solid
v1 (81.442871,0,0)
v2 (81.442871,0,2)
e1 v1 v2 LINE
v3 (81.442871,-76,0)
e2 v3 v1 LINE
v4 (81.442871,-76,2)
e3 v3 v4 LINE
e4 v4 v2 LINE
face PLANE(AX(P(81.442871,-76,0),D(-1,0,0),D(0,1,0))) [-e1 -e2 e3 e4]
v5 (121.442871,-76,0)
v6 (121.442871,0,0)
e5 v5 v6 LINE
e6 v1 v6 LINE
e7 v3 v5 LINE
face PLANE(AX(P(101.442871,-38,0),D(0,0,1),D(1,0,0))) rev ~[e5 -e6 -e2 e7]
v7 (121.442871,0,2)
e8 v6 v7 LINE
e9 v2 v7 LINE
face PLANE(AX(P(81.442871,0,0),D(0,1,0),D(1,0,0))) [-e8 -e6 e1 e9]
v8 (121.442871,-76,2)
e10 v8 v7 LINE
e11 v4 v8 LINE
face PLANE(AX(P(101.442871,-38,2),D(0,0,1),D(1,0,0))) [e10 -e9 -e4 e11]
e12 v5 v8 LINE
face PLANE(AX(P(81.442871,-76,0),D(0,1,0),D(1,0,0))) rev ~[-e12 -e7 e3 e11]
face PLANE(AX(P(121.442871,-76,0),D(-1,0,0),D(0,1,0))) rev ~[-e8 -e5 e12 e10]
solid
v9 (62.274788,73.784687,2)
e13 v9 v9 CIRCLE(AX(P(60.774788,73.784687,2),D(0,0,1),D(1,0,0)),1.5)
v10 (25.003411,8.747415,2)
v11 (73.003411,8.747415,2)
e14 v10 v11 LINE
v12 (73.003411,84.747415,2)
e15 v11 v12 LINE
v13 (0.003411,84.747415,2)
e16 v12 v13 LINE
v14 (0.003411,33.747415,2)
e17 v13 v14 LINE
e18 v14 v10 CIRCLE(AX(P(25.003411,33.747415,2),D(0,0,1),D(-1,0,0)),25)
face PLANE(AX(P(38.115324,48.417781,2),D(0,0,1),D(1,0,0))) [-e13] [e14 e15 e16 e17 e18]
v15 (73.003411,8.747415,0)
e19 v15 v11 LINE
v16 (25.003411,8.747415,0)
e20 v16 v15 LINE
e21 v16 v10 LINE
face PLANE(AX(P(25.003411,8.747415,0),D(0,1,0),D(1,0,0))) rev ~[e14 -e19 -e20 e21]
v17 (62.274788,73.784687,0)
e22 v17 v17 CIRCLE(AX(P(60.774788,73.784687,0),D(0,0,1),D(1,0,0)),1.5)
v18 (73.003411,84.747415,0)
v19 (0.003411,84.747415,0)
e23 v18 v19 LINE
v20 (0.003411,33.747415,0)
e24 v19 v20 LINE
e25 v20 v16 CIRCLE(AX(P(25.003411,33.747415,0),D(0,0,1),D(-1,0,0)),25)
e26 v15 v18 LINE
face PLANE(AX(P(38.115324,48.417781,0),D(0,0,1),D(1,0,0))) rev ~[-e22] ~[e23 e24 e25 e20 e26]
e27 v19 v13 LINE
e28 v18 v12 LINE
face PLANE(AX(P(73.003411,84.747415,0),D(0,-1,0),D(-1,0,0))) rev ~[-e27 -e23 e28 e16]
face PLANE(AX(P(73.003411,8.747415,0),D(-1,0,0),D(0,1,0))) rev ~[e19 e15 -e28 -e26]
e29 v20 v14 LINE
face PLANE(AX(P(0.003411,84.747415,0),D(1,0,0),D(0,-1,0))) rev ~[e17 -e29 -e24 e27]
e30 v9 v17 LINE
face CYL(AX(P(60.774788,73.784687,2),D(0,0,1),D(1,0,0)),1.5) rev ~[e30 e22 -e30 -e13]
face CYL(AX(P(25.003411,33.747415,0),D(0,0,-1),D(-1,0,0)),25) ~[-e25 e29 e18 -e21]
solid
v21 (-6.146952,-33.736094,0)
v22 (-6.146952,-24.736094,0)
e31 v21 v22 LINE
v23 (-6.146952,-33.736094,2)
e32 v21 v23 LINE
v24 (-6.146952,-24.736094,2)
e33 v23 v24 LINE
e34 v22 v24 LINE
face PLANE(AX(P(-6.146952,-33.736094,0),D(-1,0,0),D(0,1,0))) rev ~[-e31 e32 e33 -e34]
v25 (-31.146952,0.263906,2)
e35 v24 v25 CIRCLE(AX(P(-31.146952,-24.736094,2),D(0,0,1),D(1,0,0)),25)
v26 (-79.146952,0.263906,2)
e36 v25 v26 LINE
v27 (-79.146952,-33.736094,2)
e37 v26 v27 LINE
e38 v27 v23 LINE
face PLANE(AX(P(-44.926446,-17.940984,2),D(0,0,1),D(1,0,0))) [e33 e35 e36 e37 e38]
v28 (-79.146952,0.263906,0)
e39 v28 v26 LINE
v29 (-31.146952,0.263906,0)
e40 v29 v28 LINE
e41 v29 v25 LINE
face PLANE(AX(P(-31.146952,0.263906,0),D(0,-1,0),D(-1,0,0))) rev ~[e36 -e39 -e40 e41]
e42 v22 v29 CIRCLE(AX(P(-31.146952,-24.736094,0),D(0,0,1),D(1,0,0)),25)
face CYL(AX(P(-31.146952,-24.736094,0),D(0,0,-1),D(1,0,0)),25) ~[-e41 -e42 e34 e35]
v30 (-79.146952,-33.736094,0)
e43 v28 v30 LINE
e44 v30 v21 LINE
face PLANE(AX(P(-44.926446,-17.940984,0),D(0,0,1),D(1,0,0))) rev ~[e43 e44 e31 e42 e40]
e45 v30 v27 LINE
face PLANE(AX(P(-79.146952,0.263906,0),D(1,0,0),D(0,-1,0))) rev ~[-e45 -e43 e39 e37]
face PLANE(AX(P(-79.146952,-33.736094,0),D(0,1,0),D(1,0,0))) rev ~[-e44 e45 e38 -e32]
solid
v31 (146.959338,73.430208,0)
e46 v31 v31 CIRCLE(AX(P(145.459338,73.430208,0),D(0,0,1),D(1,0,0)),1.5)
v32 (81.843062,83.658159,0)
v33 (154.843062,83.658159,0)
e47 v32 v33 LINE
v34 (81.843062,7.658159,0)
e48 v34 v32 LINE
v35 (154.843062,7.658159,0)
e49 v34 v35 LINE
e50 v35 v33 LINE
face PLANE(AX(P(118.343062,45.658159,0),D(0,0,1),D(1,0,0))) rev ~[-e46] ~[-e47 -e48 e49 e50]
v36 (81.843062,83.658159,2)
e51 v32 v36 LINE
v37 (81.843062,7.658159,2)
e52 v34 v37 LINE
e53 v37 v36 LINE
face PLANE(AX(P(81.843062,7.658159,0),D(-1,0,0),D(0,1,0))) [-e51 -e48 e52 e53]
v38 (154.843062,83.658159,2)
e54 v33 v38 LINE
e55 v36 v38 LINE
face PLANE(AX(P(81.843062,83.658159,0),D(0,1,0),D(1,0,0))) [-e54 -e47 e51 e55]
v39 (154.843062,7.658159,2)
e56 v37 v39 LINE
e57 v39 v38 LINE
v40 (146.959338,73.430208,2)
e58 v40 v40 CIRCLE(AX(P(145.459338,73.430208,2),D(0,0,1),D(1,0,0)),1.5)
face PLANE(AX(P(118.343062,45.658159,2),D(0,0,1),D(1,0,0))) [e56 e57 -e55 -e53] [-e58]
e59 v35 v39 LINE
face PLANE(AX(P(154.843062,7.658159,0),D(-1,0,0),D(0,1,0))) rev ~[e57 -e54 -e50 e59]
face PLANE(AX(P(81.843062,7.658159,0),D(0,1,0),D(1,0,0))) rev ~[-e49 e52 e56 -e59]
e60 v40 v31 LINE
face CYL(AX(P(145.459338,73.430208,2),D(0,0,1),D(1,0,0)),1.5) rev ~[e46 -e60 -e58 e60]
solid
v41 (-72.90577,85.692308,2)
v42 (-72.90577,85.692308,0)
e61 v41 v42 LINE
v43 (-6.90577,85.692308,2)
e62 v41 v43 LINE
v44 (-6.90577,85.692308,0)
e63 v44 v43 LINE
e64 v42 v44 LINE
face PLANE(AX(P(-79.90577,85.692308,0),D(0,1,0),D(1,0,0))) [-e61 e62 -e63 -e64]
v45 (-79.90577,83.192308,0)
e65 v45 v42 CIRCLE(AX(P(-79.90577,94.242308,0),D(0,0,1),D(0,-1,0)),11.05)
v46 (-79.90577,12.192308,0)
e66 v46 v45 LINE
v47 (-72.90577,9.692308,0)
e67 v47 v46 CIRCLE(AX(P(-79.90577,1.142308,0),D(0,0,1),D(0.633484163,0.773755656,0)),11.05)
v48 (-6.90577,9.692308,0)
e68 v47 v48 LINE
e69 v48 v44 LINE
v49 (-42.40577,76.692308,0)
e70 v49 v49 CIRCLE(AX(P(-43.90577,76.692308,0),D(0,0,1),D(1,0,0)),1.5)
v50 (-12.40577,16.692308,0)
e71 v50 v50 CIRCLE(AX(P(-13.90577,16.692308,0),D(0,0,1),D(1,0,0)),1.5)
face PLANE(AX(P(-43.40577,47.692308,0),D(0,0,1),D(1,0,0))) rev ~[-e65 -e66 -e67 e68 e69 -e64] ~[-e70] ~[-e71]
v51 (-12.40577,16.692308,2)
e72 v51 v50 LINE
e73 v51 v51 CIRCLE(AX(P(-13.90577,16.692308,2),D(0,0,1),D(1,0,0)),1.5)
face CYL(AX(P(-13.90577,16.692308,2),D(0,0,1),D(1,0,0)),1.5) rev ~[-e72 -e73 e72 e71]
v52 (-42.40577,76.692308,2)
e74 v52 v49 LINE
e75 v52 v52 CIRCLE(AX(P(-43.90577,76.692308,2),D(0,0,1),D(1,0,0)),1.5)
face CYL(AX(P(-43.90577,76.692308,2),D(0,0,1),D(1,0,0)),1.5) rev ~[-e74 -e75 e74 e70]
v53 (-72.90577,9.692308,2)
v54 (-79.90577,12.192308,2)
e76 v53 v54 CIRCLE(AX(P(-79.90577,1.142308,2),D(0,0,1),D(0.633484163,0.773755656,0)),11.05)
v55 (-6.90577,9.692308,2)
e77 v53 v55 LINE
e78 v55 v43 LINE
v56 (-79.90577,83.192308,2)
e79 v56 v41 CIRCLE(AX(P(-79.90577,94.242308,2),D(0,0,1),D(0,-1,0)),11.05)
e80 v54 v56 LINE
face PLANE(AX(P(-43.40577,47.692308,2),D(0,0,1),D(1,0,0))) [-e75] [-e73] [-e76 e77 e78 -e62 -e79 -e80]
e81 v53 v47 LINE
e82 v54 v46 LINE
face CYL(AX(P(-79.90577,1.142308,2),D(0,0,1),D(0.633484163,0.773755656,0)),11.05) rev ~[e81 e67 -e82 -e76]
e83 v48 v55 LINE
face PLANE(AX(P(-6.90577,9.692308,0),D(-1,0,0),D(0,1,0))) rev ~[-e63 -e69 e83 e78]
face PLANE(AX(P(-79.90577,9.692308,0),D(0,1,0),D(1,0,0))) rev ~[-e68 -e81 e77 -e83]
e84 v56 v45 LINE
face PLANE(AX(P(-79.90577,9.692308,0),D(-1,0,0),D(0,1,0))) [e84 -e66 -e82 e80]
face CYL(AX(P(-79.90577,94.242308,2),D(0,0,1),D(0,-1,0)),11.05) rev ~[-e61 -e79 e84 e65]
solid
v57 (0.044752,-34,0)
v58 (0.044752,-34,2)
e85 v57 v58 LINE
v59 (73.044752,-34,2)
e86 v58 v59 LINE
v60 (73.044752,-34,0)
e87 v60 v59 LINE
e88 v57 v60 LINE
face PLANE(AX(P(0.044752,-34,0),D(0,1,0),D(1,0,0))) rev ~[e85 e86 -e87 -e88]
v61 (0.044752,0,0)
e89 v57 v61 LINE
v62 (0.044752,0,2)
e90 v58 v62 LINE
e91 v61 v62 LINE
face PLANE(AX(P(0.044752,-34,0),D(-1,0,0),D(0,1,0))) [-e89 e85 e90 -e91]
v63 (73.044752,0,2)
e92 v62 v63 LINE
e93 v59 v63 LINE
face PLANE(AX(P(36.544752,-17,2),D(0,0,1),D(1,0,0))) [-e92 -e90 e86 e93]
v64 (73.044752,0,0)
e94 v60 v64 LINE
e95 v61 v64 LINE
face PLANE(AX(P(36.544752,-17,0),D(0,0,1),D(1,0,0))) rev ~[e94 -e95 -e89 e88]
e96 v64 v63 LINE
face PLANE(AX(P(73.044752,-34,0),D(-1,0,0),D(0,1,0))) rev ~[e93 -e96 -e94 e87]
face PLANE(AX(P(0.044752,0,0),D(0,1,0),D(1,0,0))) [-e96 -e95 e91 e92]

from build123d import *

# Parameters (mm, degrees)
F0_W      = 73
F0_H      = 76
F1_DEPTH  = 2
F3_DEPTH  = 2
F5_DEPTH  = 2
F6_W      = 73
F6_H      = 34
F7_DEPTH  = 2
F8_W      = 73
F8_H      = 76
F9_DEPTH  = 2
F10_W     = 40
F10_H     = 76
F11_DEPTH = 2
F13_R     = 1.5
F14_DEPTH = 3
F16_DEPTH = 25


with BuildPart() as f1:
    # F0 (on Top) → F1 (new body)
    with BuildSketch(Plane.XY):
        with Locations((-43.4057699293, 47.692308493)):
            Rectangle(F0_W, F0_H)
    extrude(amount=F1_DEPTH)


with BuildPart() as f3:
    # F2 (on Top) → F3 (new body)
    with BuildSketch(Plane.XY):
        with BuildLine():
            Line((73.003411293, 84.7474151826), (0.003411293, 84.7474151826))
            Line((0.003411293, 84.7474151826), (0.003411293, 33.7474151826))
            ThreePointArc((0.003411293, 33.7474151826), (7.3257417634, 16.069745653), (25.003411293, 8.7474151826))
            Line((25.003411293, 8.7474151826), (73.003411293, 8.7474151826))
            Line((73.003411293, 8.7474151826), (73.003411293, 84.7474151826))
        make_face()
    extrude(amount=F3_DEPTH)


with BuildPart() as f5:
    # F4 (on Top) → F5 (new body)
    with BuildSketch(Plane.XY):
        with BuildLine():
            Line((-31.1469516055, 0.2639060989), (-79.1469516055, 0.2639060989))
            Line((-79.1469516055, 0.2639060989), (-79.1469516055, -33.7360939011))
            Line((-79.1469516055, -33.7360939011), (-6.1469516055, -33.7360939011))
            Line((-6.1469516055, -33.7360939011), (-6.1469516055, -24.7360939011))
            ThreePointArc((-6.1469516055, -24.7360939011), (-13.4692820759, -7.0584243714), (-31.1469516055, 0.2639060989))
        make_face()
    extrude(amount=F5_DEPTH)


with BuildPart() as f7:
    # F6 (on Top) → F7 (new body)
    with BuildSketch(Plane.XY):
        with Locations((36.5447524944, -17)):
            Rectangle(F6_W, F6_H)
    extrude(amount=F7_DEPTH)


with BuildPart() as f9:
    # F8 (on Top) → F9 (new body)
    with BuildSketch(Plane.XY):
        with Locations((118.3430621624, 45.6581593603)):
            Rectangle(F8_W, F8_H)
    extrude(amount=F9_DEPTH)


with BuildPart() as f11:
    # F10 (on Top) → F11 (new body)
    with BuildSketch(Plane.XY):
        with Locations((101.4428705918, -38)):
            Rectangle(F10_W, F10_H)
    extrude(amount=F11_DEPTH)


with BuildPart() as f11b:
    # F10 (on Top) → F11, piece 2 (new body)
    with BuildSketch(Plane.XY):
        with Locations((148.2472270727, -38.0005940096)):
            Rectangle(F10_W, F10_H)
    extrude(amount=F11_DEPTH)


with BuildPart() as f14_tool:
    # F13 (on face) → F14 (new body)
    with BuildSketch(Plane.XY.offset(2)):
        with Locations((60.7747882605, 73.784686625)):
            Circle(F13_R)
        with Locations((145.4593382223, 73.4302078024)):
            Circle(F13_R)
        with Locations((-13.9057699293, 16.692308493)):
            Circle(F13_R)
        with Locations((-43.9057699293, 76.692308493)):
            Circle(F13_R)
    extrude(amount=-F14_DEPTH)


with BuildPart() as f1_1:
    add(f1.part)

    # F14: cut by f14_tool
    add(f14_tool.part, mode=Mode.SUBTRACT)

    # F15 (on face) → F16 (cut)
    with BuildSketch(Plane.XY.offset(2)):
        with BuildLine():
            Line((-72.9057699293, 85.692308493), (-79.9057699293, 85.692308493))
            Line((-79.9057699293, 85.692308493), (-79.9057699293, 83.192308493))
            ThreePointArc((-79.9057699293, 83.192308493), (-76.1892527425, 83.8360603698), (-72.9057699293, 85.692308493))
        make_face()
        with BuildLine():
            ThreePointArc((-72.9057699293, 9.692308493), (-76.1892527425, 11.5485566161), (-79.9057699293, 12.192308493))
            Line((-79.9057699293, 12.192308493), (-79.9057699293, 9.692308493))
            Line((-79.9057699293, 9.692308493), (-72.9057699293, 9.692308493))
        make_face()
    extrude(amount=-F16_DEPTH, mode=Mode.SUBTRACT)


with BuildPart() as f3_1:
    add(f3.part)

    # F14: cut by f14_tool
    add(f14_tool.part, mode=Mode.SUBTRACT)


with BuildPart() as f9_1:
    add(f9.part)

    # F14: cut by f14_tool
    add(f14_tool.part, mode=Mode.SUBTRACT)


solid = Compound([f5.part, f7.part, f11.part, f1_1.part, f3_1.part, f9_1.part])
